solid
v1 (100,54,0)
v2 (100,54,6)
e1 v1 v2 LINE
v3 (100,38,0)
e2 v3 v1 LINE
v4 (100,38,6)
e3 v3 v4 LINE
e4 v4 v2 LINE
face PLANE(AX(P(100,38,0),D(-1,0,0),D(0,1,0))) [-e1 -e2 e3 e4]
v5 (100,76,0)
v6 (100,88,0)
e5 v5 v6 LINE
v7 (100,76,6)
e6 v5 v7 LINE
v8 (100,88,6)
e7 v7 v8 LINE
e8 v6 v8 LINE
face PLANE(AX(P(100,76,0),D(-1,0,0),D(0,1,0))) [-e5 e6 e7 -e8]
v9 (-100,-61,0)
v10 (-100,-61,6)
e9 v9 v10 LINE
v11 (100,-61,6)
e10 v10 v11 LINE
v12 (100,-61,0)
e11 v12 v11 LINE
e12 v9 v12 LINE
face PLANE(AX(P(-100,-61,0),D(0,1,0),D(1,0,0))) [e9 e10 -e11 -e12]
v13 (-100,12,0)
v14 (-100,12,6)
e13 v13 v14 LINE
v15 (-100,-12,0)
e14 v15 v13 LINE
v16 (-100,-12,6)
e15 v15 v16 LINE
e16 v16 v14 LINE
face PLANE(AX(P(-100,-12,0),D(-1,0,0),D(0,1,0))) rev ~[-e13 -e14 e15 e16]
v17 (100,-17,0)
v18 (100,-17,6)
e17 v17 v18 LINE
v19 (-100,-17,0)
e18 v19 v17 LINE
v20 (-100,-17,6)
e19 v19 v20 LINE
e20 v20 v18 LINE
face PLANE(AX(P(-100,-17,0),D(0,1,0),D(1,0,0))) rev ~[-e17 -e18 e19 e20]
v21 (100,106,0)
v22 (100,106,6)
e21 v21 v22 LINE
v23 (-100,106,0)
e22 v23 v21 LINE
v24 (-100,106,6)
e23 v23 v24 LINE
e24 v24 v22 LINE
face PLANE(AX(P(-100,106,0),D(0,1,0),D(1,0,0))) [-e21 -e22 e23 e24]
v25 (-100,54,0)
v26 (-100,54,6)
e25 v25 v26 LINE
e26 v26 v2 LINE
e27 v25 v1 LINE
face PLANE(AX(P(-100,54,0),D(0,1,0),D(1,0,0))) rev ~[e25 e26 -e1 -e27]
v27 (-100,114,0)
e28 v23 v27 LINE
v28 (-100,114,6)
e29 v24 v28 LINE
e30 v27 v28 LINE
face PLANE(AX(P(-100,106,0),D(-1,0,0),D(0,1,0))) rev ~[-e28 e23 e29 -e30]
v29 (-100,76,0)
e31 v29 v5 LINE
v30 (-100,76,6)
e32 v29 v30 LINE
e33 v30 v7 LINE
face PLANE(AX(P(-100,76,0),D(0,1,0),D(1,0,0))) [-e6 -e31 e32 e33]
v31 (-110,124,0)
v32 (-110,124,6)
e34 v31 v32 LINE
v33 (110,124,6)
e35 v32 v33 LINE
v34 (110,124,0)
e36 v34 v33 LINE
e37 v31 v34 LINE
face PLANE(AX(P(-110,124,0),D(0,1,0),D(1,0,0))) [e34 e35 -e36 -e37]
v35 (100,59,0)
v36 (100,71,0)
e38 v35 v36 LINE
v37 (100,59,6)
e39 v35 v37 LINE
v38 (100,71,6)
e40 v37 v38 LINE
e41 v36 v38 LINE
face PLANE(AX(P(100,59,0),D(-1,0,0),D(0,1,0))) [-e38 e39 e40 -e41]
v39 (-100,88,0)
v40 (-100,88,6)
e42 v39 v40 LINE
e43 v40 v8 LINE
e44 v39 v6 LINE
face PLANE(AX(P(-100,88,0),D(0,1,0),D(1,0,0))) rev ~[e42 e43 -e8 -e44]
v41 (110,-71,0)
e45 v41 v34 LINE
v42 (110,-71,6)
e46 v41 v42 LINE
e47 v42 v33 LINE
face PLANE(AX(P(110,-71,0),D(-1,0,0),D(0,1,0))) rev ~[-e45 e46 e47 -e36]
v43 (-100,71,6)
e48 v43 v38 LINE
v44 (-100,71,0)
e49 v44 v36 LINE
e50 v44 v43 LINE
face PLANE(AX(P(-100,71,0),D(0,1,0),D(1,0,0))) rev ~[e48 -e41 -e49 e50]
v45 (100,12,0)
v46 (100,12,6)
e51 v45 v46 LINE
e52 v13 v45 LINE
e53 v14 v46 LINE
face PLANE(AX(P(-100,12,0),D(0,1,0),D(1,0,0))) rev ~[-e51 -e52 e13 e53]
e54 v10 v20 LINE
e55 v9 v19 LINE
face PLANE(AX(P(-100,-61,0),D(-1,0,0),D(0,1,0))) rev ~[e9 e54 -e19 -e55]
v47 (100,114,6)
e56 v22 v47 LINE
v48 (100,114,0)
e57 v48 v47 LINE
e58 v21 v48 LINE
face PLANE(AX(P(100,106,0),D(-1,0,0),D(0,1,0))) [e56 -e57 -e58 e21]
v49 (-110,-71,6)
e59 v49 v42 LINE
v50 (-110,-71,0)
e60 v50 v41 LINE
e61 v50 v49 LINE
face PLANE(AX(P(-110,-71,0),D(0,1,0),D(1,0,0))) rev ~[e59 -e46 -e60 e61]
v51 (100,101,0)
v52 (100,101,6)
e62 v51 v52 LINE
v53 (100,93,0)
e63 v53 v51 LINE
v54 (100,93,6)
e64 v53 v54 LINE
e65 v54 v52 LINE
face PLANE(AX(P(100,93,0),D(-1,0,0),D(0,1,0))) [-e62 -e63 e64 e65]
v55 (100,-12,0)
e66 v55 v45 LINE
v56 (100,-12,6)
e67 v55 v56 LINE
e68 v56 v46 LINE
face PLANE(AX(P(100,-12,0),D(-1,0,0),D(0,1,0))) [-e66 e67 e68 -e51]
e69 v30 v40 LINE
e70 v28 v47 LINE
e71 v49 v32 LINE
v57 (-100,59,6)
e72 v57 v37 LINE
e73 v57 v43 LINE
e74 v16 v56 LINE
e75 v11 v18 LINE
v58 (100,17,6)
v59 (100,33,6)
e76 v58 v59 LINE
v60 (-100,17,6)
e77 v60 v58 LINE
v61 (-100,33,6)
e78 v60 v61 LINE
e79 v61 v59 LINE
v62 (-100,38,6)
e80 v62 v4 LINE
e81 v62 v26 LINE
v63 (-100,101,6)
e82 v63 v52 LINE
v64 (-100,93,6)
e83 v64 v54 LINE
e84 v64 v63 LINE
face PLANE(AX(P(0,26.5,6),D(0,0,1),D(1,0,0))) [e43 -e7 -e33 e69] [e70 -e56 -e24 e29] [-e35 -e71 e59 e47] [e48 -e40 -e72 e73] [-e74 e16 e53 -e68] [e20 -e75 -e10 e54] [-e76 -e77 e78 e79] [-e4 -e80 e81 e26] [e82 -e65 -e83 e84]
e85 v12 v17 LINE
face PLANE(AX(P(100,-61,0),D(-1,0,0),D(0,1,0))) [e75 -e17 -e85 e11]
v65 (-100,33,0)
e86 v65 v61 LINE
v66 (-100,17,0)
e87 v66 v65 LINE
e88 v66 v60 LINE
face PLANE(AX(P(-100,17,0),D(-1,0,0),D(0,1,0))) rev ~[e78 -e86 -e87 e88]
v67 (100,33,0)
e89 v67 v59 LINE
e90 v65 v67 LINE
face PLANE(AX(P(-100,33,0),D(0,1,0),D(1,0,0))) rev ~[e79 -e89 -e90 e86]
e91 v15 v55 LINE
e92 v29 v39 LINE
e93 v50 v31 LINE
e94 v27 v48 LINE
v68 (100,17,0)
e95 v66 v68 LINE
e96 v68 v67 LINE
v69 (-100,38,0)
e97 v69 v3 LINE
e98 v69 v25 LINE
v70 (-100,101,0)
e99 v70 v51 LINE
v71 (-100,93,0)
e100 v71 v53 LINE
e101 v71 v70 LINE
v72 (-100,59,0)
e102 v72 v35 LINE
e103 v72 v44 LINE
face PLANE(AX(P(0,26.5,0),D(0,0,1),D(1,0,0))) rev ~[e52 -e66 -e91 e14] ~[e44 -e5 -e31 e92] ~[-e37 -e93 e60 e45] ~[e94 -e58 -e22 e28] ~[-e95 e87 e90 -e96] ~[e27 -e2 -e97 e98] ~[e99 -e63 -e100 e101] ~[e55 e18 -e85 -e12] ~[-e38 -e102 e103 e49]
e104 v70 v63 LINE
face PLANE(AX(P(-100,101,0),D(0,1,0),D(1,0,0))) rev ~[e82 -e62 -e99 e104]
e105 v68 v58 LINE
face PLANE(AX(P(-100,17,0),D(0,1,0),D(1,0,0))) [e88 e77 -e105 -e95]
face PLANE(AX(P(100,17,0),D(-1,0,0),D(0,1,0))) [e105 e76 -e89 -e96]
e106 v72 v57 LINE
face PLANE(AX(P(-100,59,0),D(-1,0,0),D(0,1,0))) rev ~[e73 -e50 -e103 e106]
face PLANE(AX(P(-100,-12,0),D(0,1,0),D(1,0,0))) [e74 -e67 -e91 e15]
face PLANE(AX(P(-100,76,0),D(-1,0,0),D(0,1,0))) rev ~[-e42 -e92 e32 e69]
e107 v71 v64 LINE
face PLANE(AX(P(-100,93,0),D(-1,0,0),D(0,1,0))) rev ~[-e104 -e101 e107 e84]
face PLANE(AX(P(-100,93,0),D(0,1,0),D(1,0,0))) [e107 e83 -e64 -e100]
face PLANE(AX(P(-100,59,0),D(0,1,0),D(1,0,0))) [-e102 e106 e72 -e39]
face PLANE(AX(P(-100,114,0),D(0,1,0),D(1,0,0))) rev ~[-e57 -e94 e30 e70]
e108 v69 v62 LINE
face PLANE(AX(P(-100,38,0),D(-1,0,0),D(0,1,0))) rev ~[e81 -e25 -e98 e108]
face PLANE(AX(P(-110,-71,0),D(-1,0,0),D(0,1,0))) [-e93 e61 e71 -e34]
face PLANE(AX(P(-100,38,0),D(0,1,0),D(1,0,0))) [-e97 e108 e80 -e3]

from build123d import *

# Parameters (mm, degrees)
SKETCH_1_W      = 220
SKETCH_1_H      = 195
SKETCH_1_W_2    = 200
SKETCH_1_H_2    = 8
SKETCH_1_H_3    = 12
SKETCH_1_H_4    = 16
SKETCH_1_H_5    = 24
SKETCH_1_H_6    = 44
EXTRUDE_1_DEPTH = 6


with BuildPart() as part:
    # Эскиз1 → Бобышка-Вытянуть1 (new body)
    with BuildSketch(Plane.XY):
        with Locations((0, 26.5)):
            Rectangle(SKETCH_1_W, SKETCH_1_H)
        with Locations((0, 110)):
            Rectangle(SKETCH_1_W_2, SKETCH_1_H_2, mode=Mode.SUBTRACT)
        with Locations((0, 97)):
            Rectangle(SKETCH_1_W_2, SKETCH_1_H_2, mode=Mode.SUBTRACT)
        with Locations((0, 82)):
            Rectangle(SKETCH_1_W_2, SKETCH_1_H_3, mode=Mode.SUBTRACT)
        with Locations((0, 65)):
            Rectangle(SKETCH_1_W_2, SKETCH_1_H_3, mode=Mode.SUBTRACT)
        with Locations((0, 46)):
            Rectangle(SKETCH_1_W_2, SKETCH_1_H_4, mode=Mode.SUBTRACT)
        with Locations((0, 25)):
            Rectangle(SKETCH_1_W_2, SKETCH_1_H_4, mode=Mode.SUBTRACT)
        Rectangle(SKETCH_1_W_2, SKETCH_1_H_5, mode=Mode.SUBTRACT)
        with Locations((0, -39)):
            Rectangle(SKETCH_1_W_2, SKETCH_1_H_6, mode=Mode.SUBTRACT)
    extrude(amount=EXTRUDE_1_DEPTH)


solid = part.part
